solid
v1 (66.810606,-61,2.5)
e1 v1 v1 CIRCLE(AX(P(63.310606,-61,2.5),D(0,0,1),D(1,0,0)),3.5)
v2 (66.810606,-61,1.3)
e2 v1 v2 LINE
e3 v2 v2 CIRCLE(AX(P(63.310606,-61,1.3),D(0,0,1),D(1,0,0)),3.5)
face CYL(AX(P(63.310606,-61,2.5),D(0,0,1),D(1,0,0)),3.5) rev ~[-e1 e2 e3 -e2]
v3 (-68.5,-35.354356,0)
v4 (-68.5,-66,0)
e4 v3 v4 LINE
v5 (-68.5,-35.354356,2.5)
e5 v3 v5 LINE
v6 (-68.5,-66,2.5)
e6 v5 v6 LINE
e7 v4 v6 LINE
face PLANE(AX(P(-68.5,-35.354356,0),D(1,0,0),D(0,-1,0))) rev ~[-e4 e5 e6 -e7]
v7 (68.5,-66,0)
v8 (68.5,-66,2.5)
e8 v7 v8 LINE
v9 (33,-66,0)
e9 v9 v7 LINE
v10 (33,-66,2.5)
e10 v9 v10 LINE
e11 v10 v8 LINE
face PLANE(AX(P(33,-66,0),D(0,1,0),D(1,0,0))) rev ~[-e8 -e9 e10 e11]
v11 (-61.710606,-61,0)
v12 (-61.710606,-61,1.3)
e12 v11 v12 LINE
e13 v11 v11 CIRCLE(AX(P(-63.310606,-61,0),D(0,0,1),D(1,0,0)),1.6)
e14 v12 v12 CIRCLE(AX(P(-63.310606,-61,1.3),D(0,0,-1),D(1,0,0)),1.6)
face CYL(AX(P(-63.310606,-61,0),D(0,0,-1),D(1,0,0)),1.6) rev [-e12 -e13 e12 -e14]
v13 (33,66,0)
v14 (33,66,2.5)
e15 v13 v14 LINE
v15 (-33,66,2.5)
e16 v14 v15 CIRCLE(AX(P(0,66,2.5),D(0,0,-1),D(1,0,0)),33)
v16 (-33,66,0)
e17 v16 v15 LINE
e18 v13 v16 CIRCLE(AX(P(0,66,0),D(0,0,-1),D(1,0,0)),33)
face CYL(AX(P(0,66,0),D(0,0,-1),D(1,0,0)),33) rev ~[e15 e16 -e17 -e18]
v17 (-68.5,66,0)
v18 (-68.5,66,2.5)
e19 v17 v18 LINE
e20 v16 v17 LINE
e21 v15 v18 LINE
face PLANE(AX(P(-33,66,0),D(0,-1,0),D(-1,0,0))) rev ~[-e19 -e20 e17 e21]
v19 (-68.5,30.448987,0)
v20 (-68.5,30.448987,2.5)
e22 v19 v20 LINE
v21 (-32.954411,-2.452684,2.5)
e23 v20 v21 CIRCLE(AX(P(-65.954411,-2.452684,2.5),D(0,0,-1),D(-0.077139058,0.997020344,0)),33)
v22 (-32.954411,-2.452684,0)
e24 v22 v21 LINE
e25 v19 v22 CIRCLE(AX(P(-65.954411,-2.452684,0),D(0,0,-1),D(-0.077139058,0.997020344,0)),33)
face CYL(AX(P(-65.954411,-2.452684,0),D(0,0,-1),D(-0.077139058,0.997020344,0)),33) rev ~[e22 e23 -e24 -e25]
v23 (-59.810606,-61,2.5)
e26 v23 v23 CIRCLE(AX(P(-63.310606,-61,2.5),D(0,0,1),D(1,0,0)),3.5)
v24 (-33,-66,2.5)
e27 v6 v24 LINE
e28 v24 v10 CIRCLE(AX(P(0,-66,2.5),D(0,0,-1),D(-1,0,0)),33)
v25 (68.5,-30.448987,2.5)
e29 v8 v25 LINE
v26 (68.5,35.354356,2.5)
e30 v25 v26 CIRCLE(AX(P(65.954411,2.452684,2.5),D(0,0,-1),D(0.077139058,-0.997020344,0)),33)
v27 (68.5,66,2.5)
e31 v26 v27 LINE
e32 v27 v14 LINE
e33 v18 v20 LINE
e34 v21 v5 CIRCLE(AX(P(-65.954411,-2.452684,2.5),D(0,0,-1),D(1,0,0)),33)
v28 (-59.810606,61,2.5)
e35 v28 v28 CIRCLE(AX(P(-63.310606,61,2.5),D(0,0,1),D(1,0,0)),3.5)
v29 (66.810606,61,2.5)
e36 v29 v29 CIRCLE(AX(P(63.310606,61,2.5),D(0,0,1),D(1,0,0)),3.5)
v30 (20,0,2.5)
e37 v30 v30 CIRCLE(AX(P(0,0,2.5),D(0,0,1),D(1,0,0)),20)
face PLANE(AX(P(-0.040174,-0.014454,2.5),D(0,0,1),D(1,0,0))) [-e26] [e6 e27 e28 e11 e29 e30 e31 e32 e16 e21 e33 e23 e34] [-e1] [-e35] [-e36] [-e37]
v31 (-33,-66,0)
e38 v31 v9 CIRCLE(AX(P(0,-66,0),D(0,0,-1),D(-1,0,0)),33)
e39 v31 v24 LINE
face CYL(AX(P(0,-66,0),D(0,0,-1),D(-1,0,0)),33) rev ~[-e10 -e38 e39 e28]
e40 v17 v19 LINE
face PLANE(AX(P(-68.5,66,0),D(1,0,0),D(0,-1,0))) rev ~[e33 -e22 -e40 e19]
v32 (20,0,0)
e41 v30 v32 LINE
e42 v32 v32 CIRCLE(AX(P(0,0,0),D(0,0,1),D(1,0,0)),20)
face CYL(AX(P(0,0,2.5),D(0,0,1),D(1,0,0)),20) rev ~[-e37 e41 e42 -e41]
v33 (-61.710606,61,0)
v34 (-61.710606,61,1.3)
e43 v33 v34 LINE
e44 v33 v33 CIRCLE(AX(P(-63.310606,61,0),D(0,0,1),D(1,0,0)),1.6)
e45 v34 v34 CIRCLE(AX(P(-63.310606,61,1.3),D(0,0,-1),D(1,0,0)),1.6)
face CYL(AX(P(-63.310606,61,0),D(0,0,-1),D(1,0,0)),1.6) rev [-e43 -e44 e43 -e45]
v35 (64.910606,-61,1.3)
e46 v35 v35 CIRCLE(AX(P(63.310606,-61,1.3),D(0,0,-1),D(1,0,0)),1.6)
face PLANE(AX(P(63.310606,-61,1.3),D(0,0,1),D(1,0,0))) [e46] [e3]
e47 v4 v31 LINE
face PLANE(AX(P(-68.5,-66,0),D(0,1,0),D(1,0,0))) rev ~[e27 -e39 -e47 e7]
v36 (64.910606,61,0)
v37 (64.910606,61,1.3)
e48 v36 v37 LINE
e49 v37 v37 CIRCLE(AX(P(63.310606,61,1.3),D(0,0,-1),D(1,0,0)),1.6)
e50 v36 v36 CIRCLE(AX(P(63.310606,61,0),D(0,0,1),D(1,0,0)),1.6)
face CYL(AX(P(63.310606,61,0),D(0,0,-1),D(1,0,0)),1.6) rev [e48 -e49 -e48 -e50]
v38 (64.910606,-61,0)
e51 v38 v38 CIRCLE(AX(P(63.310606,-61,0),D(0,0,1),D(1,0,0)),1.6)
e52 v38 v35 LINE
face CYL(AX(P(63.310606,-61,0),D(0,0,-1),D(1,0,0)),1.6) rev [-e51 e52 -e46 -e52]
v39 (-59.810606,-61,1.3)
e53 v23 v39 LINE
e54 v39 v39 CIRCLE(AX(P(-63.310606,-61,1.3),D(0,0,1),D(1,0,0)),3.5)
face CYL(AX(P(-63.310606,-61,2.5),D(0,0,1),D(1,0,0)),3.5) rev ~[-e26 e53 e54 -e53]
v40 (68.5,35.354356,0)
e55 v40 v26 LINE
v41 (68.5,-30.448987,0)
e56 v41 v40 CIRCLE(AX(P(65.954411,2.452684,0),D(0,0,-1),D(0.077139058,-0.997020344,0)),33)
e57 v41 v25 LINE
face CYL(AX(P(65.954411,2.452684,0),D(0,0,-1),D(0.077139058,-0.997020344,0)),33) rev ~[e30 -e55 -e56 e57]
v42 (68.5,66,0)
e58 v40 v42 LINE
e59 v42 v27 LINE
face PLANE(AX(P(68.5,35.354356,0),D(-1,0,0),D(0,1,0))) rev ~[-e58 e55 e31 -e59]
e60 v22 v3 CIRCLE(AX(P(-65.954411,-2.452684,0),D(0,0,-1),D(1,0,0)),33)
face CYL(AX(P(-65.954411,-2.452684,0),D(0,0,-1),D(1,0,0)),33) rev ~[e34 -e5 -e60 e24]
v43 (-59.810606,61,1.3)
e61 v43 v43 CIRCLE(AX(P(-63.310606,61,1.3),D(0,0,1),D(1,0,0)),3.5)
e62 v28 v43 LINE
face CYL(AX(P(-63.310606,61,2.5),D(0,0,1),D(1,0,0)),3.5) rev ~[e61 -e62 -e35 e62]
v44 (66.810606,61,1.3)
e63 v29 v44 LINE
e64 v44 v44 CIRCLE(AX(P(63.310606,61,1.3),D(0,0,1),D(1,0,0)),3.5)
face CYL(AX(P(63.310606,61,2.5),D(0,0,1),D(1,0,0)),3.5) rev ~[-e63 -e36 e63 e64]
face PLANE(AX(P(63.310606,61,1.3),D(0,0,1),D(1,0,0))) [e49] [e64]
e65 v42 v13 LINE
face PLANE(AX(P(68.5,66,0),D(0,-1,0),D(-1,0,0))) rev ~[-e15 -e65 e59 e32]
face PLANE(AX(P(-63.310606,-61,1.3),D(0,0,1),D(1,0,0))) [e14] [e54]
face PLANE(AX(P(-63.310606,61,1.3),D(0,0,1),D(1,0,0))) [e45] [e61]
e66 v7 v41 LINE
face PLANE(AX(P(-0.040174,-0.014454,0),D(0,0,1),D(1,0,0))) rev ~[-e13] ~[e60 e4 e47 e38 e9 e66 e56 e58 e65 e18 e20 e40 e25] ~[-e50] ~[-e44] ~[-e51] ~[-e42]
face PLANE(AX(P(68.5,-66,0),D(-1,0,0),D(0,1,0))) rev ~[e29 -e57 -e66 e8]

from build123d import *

# Parameters (mm, degrees)
SKETCH_1_R          = 1.6
EXTRUDE_1_DEPTH     = 2.5
SKETCH_2_R          = 20
CUT_EXTRUDE_1_DEPTH = 23
SKETCH_3_R          = 3.5
CUT_EXTRUDE_2_DEPTH = 1.2


with BuildPart() as part:
    # 草图1 → 凸台-拉伸1 (new body)
    with BuildSketch(Plane.XY):
        with BuildLine():
            Line((68.5, 66), (33, 66))
            ThreePointArc((33, 66), (0, 33), (-33, 66))
            Line((-33, 66), (-68.5, 66))
            Line((-68.5, 66), (-68.5, 30.44898712))
            ThreePointArc((-68.5, 30.44898712), (-43.537948759, 21.765123634), (-32.954411074, -2.452684221))
            ThreePointArc((-32.954411074, -2.452684221), (-43.537948759, -26.670492075), (-68.5, -35.354355562))
            Line((-68.5, -35.354355562), (-68.5, -66))
            Line((-68.5, -66), (-33, -66))
            ThreePointArc((-33, -66), (0, -33), (33, -66))
            Line((33, -66), (68.5, -66))
            Line((68.5, -66), (68.5, -30.44898712))
            ThreePointArc((68.5, -30.44898712), (32.954411074, 2.452684221), (68.5, 35.354355562))
            Line((68.5, 35.354355562), (68.5, 66))
        make_face()
        with Locations((-63.310606061, -61)):
            Circle(SKETCH_1_R, mode=Mode.SUBTRACT)
        with Locations((63.310606061, -61)):
            Circle(SKETCH_1_R, mode=Mode.SUBTRACT)
        with Locations((-63.310606061, 61)):
            Circle(SKETCH_1_R, mode=Mode.SUBTRACT)
        with Locations((63.310606061, 61)):
            Circle(SKETCH_1_R, mode=Mode.SUBTRACT)
    extrude(amount=EXTRUDE_1_DEPTH)

    # 草图2 → 切除-拉伸1 (cut)
    with BuildSketch(Plane.XY.offset(2.5)):
        Circle(SKETCH_2_R)
    extrude(amount=-CUT_EXTRUDE_1_DEPTH, mode=Mode.SUBTRACT)

    # 草图3 → 切除-拉伸2 (cut)
    with BuildSketch(Plane.XY.offset(2.5)):
        with Locations((63.310606061, -61)):
            Circle(SKETCH_3_R)
        with Locations((63.310606061, 61)):
            Circle(SKETCH_3_R)
        with Locations((-63.310606061, 61)):
            Circle(SKETCH_3_R)
        with Locations((-63.310606061, -61)):
            Circle(SKETCH_3_R)
    extrude(amount=-CUT_EXTRUDE_2_DEPTH, mode=Mode.SUBTRACT)


solid = part.part
